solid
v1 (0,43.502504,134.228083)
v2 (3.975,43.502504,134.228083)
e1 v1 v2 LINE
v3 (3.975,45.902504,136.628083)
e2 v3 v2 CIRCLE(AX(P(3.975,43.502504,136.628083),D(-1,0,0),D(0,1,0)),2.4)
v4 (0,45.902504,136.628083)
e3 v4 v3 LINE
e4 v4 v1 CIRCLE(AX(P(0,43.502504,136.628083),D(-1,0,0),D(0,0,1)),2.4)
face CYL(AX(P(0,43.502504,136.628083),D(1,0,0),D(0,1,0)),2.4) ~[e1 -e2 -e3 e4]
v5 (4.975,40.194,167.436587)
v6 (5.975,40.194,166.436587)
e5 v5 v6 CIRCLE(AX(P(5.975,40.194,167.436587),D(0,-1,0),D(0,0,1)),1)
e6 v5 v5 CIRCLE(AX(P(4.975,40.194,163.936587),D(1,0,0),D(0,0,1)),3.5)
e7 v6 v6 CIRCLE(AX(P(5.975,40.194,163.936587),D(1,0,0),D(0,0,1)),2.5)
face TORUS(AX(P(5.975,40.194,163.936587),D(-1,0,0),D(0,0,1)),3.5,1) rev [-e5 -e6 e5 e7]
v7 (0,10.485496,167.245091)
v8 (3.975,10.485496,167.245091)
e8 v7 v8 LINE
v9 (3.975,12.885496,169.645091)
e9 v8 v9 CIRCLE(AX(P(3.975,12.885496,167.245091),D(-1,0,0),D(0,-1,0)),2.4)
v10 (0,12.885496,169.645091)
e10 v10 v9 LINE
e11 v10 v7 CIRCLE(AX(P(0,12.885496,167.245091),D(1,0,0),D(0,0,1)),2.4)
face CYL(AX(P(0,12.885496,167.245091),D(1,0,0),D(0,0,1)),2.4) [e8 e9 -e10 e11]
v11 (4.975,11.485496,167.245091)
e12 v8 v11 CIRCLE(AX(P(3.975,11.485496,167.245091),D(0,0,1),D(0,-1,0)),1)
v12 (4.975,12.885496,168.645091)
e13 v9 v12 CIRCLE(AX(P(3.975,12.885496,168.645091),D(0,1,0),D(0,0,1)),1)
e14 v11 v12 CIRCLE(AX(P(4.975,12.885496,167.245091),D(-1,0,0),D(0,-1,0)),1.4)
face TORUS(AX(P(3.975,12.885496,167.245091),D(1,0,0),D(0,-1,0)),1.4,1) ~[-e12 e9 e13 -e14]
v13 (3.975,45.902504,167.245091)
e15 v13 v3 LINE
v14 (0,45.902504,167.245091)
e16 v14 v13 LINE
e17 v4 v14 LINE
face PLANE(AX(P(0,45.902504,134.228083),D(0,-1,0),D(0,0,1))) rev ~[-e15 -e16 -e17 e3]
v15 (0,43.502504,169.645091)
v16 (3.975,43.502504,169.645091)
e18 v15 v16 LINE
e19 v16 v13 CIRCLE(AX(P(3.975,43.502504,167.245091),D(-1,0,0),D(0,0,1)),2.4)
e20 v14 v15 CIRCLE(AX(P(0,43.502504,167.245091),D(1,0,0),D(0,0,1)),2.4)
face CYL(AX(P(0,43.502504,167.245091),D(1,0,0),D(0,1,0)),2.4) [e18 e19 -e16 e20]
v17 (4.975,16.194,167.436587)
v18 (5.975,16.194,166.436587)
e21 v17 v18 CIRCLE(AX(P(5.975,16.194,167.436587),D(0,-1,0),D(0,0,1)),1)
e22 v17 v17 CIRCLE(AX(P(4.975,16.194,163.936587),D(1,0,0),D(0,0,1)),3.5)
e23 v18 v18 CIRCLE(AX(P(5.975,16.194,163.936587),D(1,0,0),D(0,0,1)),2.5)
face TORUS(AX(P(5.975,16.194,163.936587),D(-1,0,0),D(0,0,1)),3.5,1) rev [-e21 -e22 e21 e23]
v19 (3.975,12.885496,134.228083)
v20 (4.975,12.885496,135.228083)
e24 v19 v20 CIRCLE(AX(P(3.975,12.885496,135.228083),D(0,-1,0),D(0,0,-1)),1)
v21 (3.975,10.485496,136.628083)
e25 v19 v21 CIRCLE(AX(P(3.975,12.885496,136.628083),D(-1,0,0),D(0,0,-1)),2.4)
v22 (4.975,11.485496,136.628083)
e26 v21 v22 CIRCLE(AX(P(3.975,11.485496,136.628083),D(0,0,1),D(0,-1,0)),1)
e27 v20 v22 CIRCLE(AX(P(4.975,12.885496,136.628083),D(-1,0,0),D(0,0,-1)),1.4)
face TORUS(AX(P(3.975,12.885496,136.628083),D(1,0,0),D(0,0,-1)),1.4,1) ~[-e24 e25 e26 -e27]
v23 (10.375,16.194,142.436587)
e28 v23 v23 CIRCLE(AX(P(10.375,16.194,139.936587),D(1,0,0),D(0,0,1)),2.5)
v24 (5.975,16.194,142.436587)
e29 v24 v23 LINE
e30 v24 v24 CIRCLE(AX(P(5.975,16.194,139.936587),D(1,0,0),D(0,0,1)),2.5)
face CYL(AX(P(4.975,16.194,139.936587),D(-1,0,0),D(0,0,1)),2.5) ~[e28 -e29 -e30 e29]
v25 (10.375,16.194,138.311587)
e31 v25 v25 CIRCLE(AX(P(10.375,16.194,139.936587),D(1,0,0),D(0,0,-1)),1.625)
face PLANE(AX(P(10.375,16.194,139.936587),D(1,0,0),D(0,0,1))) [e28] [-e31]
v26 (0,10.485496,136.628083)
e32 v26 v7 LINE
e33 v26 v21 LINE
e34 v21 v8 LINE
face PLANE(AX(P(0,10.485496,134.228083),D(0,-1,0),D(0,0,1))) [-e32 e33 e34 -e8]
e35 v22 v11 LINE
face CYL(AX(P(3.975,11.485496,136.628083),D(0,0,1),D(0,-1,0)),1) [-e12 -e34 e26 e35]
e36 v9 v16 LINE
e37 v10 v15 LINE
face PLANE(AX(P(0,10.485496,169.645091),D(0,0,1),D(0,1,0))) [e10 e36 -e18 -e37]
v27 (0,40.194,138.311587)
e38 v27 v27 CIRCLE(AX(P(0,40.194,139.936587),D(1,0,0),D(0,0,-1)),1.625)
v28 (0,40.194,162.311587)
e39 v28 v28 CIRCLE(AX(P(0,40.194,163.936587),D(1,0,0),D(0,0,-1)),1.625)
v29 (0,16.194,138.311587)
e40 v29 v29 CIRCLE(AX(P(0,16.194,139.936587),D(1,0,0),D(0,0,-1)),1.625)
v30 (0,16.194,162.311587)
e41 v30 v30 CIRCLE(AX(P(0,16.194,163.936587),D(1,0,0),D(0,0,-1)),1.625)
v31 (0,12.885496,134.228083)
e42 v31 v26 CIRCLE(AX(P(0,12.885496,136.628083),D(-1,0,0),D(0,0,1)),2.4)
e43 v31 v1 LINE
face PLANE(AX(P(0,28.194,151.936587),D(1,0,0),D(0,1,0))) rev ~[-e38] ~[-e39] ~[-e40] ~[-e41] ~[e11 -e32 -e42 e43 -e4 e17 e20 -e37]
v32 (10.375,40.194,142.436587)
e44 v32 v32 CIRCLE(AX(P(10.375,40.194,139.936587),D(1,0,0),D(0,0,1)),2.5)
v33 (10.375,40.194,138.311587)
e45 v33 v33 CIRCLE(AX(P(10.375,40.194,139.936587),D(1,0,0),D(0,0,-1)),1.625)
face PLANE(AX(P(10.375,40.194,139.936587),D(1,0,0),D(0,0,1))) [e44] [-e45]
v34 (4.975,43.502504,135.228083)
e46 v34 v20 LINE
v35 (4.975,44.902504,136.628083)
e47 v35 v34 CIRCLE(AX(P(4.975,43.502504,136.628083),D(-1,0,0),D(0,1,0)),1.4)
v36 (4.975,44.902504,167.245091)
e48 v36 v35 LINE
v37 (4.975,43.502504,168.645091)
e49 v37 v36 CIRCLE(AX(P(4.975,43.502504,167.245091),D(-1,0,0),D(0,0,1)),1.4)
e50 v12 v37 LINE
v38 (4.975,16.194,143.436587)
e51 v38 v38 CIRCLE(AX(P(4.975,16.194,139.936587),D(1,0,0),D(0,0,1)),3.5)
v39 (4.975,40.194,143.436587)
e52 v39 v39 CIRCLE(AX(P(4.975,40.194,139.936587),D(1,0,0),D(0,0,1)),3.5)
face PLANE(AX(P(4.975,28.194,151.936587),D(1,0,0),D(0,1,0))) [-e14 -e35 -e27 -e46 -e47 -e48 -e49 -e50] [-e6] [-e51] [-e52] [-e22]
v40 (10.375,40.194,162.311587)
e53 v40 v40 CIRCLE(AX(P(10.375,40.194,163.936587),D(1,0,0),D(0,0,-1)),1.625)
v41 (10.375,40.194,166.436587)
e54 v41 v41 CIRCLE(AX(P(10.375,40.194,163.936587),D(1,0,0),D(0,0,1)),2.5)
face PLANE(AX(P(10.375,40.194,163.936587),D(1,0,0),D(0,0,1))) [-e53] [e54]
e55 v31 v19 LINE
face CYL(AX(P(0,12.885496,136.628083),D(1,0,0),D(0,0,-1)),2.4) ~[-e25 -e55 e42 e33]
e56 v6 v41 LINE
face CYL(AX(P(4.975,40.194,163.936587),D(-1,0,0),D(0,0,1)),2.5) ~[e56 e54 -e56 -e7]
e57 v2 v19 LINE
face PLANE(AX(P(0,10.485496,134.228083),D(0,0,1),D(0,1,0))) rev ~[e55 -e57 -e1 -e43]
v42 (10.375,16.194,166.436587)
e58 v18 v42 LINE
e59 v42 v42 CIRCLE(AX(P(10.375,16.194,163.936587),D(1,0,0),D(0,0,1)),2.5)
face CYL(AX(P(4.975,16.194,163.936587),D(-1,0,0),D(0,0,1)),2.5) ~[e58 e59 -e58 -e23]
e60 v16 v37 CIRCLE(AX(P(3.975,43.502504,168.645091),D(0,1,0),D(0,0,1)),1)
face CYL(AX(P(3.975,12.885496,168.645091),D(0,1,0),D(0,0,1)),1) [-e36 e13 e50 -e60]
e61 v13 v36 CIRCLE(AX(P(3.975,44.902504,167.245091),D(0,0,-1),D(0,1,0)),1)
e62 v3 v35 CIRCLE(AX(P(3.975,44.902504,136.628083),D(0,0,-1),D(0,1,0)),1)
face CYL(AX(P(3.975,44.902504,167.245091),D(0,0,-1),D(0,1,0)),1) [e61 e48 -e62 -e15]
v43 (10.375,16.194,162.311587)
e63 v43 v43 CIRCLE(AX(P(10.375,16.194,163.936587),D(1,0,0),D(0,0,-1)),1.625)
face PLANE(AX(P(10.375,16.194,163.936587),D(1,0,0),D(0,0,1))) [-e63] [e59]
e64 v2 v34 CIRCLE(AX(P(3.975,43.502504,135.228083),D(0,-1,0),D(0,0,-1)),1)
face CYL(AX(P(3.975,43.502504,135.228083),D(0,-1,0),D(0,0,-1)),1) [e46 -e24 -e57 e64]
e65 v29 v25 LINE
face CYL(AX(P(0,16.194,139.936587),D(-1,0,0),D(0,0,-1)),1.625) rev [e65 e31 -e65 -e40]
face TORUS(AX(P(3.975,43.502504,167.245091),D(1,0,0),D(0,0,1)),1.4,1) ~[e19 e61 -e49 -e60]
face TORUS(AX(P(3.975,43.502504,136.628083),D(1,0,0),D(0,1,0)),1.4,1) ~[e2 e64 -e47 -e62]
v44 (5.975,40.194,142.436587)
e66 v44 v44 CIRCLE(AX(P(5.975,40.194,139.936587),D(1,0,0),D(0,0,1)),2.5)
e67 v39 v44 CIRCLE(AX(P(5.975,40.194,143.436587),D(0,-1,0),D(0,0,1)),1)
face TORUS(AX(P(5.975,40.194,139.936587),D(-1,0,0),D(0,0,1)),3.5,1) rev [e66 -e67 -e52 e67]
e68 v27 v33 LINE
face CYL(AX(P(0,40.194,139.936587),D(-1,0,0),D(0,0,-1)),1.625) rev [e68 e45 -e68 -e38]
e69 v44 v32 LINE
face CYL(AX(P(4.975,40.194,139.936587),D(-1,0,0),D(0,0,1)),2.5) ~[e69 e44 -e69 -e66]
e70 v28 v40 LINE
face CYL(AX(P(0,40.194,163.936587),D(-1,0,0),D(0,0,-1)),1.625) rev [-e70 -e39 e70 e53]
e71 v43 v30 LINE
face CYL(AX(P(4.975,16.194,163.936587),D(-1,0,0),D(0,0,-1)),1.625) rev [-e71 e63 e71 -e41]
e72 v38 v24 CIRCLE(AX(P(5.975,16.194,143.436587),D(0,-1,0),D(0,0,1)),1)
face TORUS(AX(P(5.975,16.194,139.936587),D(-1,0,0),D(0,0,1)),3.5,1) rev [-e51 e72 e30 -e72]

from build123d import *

# Parameters (mm, degrees)
SKETCH2_W           = 35.417007692
SKETCH2_H           = 35.417007691
SKETCH2_R           = 1.625
BOSS_EXTRUDE1_DEPTH = 4.975
SKETCH3_R           = 2.5
SKETCH3_R_2         = 1.625
BOSS_EXTRUDE2_DEPTH = 5.4
FILLET1_R           = 2.4
FILLET2_R           = 1


with BuildPart() as part:
    # Sketch2 → Boss-Extrude1 (new body)
    with BuildSketch(Plane.YZ):
        with Locations((28.194, 151.93658674)):
            Rectangle(SKETCH2_W, SKETCH2_H)
        with Locations(Location((16.194, 163.93658674, 0), (0, 0, 270))):
            Circle(SKETCH2_R, mode=Mode.SUBTRACT)
        with Locations(Location((40.194, 163.93658674, 0), (0, 0, 270))):
            Circle(SKETCH2_R, mode=Mode.SUBTRACT)
        with Locations(Location((40.194, 139.93658674, 0), (0, 0, 270))):
            Circle(SKETCH2_R, mode=Mode.SUBTRACT)
        with Locations(Location((16.194, 139.93658674, 0), (0, 0, 270))):
            Circle(SKETCH2_R, mode=Mode.SUBTRACT)
    extrude(amount=BOSS_EXTRUDE1_DEPTH)

    # Sketch3 → Boss-Extrude2 (add)
    # profile 1 of 4: a face of its own
    with BuildSketch(Plane.YZ.offset(4.975)):
        with Locations(Location((16.194, 163.93658674, 0), (0, 0, 90))):
            Circle(SKETCH3_R)
        with Locations(Location((16.194, 163.93658674, 0), (0, 0, 270))):
            Circle(SKETCH3_R_2, mode=Mode.SUBTRACT)
    # profile 2 of 4: a face of its own
    with BuildSketch(Plane.YZ.offset(4.975)):
        with Locations(Location((40.194, 163.93658674, 0), (0, 0, 90))):
            Circle(SKETCH3_R)
        with Locations(Location((40.194, 163.93658674, 0), (0, 0, 270))):
            Circle(SKETCH3_R_2, mode=Mode.SUBTRACT)
    # profile 3 of 4: a face of its own
    with BuildSketch(Plane.YZ.offset(4.975)):
        with Locations(Location((40.194, 139.93658674, 0), (0, 0, 90))):
            Circle(SKETCH3_R)
        with Locations(Location((40.194, 139.93658674, 0), (0, 0, 270))):
            Circle(SKETCH3_R_2, mode=Mode.SUBTRACT)
    # profile 4 of 4: a face of its own
    with BuildSketch(Plane.YZ.offset(4.975)):
        with Locations(Location((16.194, 139.93658674, 0), (0, 0, 90))):
            Circle(SKETCH3_R)
        with Locations(Location((16.194, 139.93658674, 0), (0, 0, 270))):
            Circle(SKETCH3_R_2, mode=Mode.SUBTRACT)
    extrude(amount=BOSS_EXTRUDE2_DEPTH)

    # Fillet1
    fillet1_edges = [part.edges().sort_by_distance(p)[0] for p in [
        (2.4875, 10.485496154, 169.645090586),
        (2.4875, 45.902503846, 169.645090586),
        (2.4875, 45.902503846, 134.228082895),
        (2.4875, 10.485496154, 134.228082895),
    ]]
    fillet(fillet1_edges, radius=FILLET1_R)

    # Fillet2
    fillet2_edges = [part.edges().sort_by_distance(p)[0] for p in [
        (4.975, 16.194, 161.43658674),
        (4.975, 40.194, 161.43658674),
        (4.975, 40.194, 137.43658674),
        (4.975, 16.194, 137.43658674),
        (4.975, 28.194, 169.645090586),
        (4.975, 45.902503846, 151.93658674),
        (4.975, 10.485496154, 151.93658674),
        (4.975, 28.194, 134.228082895),
        (4.975, 11.18843988, 168.942146861),
        (4.975, 11.18843988, 134.93102662),
        (4.975, 45.19956012, 134.93102662),
        (4.975, 45.19956012, 168.942146861),
    ]]
    fillet(fillet2_edges, radius=FILLET2_R)


solid = part.part
